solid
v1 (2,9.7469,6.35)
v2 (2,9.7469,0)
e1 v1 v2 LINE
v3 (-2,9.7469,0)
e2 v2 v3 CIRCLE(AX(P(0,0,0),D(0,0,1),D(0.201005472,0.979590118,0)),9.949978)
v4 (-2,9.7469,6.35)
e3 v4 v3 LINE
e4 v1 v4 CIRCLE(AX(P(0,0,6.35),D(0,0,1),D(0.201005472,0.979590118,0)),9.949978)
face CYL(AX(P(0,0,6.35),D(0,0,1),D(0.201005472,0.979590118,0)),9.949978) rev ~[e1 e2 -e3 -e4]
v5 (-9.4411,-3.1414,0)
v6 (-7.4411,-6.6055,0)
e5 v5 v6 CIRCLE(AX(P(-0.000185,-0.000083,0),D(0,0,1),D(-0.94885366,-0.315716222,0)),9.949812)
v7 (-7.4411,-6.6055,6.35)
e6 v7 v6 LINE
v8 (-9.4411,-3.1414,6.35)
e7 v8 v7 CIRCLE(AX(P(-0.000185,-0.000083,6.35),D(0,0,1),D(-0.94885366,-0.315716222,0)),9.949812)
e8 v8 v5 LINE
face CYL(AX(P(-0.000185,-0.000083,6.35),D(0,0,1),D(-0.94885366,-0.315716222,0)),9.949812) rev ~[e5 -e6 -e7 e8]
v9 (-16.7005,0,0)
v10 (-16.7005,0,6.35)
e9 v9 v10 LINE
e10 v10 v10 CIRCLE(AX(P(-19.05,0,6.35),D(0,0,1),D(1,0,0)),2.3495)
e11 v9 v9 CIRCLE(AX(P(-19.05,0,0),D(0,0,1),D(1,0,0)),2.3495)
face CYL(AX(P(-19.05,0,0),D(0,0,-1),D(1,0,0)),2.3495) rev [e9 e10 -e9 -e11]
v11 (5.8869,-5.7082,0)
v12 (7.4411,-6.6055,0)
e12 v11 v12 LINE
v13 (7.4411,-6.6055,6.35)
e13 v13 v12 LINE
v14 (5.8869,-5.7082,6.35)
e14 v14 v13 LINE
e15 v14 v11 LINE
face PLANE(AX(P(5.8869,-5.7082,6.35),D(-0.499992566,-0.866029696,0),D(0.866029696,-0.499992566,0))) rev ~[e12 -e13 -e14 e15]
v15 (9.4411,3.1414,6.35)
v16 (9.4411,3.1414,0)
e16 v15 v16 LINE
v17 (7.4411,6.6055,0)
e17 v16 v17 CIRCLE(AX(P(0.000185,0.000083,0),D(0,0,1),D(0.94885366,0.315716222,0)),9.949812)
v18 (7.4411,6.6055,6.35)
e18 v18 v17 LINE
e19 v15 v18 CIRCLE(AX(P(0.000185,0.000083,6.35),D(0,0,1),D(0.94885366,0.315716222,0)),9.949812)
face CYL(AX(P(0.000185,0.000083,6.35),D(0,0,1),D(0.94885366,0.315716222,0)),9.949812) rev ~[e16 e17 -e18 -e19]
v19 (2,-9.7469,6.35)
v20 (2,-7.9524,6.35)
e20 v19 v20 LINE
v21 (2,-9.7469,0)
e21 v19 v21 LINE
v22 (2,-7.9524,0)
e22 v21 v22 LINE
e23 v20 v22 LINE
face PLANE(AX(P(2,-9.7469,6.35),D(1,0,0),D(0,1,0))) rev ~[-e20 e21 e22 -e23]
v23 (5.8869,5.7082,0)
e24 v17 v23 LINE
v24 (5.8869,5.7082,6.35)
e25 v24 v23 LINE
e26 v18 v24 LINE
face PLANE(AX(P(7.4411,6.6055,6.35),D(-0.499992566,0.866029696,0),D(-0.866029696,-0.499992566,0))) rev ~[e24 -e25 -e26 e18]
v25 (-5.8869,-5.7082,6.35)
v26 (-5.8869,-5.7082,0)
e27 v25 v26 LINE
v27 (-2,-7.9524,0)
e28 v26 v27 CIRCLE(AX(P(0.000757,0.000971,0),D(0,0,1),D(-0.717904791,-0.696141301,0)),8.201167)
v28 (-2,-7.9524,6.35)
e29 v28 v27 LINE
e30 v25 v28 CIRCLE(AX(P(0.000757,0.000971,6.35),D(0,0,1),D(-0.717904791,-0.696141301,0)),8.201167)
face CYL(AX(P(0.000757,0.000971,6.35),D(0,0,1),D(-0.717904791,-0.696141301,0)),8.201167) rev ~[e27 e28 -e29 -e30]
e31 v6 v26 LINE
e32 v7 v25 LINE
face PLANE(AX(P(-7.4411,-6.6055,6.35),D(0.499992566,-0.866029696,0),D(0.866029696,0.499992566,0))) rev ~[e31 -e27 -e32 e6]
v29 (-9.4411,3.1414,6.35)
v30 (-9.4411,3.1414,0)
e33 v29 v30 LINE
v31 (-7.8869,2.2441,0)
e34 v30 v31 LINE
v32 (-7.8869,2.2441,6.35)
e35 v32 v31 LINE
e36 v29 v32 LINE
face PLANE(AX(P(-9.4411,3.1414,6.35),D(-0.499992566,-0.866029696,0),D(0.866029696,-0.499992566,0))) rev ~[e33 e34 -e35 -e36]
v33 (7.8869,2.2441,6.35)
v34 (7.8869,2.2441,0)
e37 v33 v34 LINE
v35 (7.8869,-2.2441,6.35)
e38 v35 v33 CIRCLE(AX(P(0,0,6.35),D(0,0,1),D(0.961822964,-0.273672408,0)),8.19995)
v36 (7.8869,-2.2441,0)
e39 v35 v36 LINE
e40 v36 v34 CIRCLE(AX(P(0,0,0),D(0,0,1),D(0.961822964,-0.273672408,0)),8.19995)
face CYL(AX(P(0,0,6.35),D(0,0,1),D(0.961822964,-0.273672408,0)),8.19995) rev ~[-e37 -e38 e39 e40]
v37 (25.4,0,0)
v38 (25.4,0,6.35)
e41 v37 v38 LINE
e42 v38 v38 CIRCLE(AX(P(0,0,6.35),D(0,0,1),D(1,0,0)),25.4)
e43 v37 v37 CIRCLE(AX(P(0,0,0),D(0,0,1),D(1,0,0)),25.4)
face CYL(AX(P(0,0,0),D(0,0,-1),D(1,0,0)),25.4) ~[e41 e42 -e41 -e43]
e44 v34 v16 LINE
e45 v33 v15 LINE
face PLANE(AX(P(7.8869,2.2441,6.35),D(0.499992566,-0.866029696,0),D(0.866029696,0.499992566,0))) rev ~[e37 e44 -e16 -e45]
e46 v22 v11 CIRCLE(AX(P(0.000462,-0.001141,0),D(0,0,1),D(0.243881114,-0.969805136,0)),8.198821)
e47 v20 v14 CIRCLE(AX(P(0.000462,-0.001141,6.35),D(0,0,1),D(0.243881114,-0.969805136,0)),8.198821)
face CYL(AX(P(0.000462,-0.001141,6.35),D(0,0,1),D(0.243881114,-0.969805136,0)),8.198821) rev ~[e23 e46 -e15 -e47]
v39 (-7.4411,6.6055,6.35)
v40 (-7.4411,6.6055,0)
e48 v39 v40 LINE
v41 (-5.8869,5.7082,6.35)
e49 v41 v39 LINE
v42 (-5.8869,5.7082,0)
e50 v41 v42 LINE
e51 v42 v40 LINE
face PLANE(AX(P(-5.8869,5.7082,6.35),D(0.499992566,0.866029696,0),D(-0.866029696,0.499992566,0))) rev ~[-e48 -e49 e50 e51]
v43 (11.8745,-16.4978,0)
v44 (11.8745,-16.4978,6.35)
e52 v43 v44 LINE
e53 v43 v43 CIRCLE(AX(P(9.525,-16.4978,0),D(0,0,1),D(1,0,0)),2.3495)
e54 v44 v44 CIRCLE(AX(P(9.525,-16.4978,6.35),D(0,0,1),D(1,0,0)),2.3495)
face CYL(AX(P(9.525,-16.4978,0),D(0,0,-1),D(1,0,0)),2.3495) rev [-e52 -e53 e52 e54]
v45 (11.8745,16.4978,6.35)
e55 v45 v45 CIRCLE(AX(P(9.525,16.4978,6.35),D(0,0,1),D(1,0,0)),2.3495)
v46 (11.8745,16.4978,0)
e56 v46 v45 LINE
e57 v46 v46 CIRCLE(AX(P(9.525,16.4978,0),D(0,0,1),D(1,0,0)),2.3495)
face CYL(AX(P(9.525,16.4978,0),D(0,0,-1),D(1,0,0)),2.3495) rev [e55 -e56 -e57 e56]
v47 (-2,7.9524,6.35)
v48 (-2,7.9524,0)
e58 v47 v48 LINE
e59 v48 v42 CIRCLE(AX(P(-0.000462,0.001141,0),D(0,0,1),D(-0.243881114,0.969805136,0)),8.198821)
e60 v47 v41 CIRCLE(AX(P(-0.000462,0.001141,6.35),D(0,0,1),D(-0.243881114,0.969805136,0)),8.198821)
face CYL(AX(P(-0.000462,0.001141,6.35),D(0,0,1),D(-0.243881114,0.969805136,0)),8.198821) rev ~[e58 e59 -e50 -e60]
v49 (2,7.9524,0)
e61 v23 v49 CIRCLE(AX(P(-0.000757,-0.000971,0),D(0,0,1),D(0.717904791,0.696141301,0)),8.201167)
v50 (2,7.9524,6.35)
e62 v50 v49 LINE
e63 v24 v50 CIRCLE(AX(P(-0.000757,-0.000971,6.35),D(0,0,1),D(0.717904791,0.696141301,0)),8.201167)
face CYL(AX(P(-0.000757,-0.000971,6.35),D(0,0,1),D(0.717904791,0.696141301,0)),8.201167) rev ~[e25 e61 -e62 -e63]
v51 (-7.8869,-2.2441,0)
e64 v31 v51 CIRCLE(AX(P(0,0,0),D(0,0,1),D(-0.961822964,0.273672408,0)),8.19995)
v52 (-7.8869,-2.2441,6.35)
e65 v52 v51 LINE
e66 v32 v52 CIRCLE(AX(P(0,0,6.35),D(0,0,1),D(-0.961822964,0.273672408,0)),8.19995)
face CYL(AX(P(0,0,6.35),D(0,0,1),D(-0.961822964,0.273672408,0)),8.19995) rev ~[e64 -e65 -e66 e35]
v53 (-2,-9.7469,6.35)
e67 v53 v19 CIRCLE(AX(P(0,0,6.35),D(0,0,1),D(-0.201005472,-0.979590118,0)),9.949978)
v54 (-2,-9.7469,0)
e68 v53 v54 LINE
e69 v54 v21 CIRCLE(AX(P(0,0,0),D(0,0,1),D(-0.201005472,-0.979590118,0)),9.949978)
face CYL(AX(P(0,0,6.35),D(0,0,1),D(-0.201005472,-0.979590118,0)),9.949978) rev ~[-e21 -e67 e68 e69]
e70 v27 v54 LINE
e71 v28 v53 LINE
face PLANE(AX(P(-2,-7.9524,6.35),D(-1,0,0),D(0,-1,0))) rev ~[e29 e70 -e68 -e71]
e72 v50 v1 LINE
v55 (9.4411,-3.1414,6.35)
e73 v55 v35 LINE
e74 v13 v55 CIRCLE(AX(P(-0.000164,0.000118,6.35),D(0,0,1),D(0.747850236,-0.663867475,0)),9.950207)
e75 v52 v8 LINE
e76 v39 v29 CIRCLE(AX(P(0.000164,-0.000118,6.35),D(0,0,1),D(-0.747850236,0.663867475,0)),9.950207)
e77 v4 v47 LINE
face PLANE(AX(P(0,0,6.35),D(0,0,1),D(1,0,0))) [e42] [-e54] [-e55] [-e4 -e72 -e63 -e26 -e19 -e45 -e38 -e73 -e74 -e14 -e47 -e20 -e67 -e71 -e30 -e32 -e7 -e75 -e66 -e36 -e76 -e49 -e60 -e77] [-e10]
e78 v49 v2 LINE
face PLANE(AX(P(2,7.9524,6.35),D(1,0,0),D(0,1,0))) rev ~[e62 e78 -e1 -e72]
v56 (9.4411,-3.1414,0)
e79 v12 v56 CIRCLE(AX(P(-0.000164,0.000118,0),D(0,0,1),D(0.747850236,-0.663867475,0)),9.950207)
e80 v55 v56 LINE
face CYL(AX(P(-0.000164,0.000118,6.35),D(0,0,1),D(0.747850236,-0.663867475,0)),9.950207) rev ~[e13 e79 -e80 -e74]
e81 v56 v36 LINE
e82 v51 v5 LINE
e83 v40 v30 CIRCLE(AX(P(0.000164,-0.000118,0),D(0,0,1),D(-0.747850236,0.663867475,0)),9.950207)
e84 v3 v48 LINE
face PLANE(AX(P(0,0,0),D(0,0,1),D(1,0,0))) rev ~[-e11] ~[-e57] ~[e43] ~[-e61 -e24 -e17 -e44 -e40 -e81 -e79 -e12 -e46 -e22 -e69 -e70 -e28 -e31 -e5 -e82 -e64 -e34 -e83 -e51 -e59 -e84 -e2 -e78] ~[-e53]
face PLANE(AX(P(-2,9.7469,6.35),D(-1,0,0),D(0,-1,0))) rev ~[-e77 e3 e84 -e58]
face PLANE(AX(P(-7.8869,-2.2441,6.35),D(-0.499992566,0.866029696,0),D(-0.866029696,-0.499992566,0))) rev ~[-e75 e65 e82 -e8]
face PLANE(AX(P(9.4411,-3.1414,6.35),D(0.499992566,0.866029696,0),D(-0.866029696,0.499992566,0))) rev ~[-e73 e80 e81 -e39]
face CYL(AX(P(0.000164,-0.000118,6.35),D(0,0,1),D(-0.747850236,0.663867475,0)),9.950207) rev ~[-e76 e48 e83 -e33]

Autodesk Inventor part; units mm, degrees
ref_plane "YZ Plane" through (0, 0, 0) normal (1, 0, 0) x (0, 1, 0)
ref_plane "XZ Plane" through (0, 0, 0) normal (0, 1, 0) x (-1, 0, 0)
ref_plane "XY Plane" through (0, 0, 0) normal (0, 0, 1) x (1, 0, 0)
sketch "Sketch1" plane through (0, 0, 0) normal (0, 0, 1) x (1, 0, 0)
  circle A0 centre (0, 0) radius 25.4
  circle A1 centre (-19.05, 0) radius 2.3495
  circle A2 centre (9.525, -16.4978) radius 2.3495
  circle A3 centre (9.525, 16.4978) radius 2.3495
  line L0 (-19.05, 0) -> (0, 0) construction
  dimension "d0" = 50.8
  dimension "d3" = 4.699
  dimension "d6" = 360
  dimension "d8" = 19.05
extrude "Extrusion1" add sketch "Sketch1" along normal blind 6.35
sketch "Sketch2" plane through (0, 0, 6.35) normal (0, 0, 1) x (1, 0, 0)
  arc A0 (2, 7.9524) -> (-2, 7.9524) centre (0, 0) ccw projected
  arc A1 (-2, 7.9524) -> (-5.8869, 5.7082) centre (0, 0) ccw projected
  arc A2 (-5.8869, 5.7082) -> (-7.8869, 2.2441) centre (0, 0) ccw projected
  arc A3 (-7.8869, 2.2441) -> (-7.8869, -2.2441) centre (0, 0) ccw projected
  arc A4 (-7.8869, -2.2441) -> (-5.8869, -5.7082) centre (0, 0) ccw projected
  arc A5 (-5.8869, -5.7082) -> (-2, -7.9524) centre (0, 0) ccw projected
  arc A6 (-2, -7.9524) -> (2, -7.9524) centre (0, 0) ccw projected
  arc A7 (2, -7.9524) -> (5.8869, -5.7082) centre (0, 0) ccw projected
  arc A8 (5.8869, -5.7082) -> (7.8869, -2.2441) centre (0, 0) ccw projected
  arc A9 (7.8869, -2.2441) -> (7.8869, 2.2441) centre (0, 0) ccw projected
  arc A10 (7.8869, 2.2441) -> (5.8869, 5.7082) centre (0, 0) ccw projected
  arc A11 (5.8869, 5.7082) -> (2, 7.9524) centre (0, 0) ccw projected
  arc A12 (2, 9.7469) -> (-2, 9.7469) centre (0, 0) ccw projected
  line L0 (2, 7.9524) -> (2, 9.7469) projected
  line L1 (-2, 9.7469) -> (-2, 7.9524) projected
  line L2 (-5.8869, 5.7082) -> (-7.4411, 6.6055) projected
  arc A13 (-7.4411, 6.6055) -> (-9.4411, 3.1414) centre (0, 0) ccw projected
  line L3 (-9.4411, 3.1414) -> (-7.8869, 2.2441) projected
  line L4 (-7.8869, -2.2441) -> (-9.4411, -3.1414) projected
  arc A14 (-9.4411, -3.1414) -> (-7.4411, -6.6055) centre (0, 0) ccw projected
  line L5 (-7.4411, -6.6055) -> (-5.8869, -5.7082) projected
  line L6 (-2, -7.9524) -> (-2, -9.7469) projected
  arc A15 (-2, -9.7469) -> (2, -9.7469) centre (0, 0) ccw projected
  line L7 (2, -9.7469) -> (2, -7.9524) projected
  line L8 (5.8869, -5.7082) -> (7.4411, -6.6055) projected
  arc A16 (7.4411, -6.6055) -> (9.4411, -3.1414) centre (0, 0) ccw projected
  line L9 (9.4411, -3.1414) -> (7.8869, -2.2441) projected
  line L10 (7.8869, 2.2441) -> (9.4411, 3.1414) projected
  arc A17 (9.4411, 3.1414) -> (7.4411, 6.6055) centre (0, 0) ccw projected
  line L11 (7.4411, 6.6055) -> (5.8869, 5.7082) projected
extrude "Extrusion2" cut sketch "Sketch2" against normal blind 25.4
properties part number "Small Gear Spacer" material "Polycarbonate, Clear"
